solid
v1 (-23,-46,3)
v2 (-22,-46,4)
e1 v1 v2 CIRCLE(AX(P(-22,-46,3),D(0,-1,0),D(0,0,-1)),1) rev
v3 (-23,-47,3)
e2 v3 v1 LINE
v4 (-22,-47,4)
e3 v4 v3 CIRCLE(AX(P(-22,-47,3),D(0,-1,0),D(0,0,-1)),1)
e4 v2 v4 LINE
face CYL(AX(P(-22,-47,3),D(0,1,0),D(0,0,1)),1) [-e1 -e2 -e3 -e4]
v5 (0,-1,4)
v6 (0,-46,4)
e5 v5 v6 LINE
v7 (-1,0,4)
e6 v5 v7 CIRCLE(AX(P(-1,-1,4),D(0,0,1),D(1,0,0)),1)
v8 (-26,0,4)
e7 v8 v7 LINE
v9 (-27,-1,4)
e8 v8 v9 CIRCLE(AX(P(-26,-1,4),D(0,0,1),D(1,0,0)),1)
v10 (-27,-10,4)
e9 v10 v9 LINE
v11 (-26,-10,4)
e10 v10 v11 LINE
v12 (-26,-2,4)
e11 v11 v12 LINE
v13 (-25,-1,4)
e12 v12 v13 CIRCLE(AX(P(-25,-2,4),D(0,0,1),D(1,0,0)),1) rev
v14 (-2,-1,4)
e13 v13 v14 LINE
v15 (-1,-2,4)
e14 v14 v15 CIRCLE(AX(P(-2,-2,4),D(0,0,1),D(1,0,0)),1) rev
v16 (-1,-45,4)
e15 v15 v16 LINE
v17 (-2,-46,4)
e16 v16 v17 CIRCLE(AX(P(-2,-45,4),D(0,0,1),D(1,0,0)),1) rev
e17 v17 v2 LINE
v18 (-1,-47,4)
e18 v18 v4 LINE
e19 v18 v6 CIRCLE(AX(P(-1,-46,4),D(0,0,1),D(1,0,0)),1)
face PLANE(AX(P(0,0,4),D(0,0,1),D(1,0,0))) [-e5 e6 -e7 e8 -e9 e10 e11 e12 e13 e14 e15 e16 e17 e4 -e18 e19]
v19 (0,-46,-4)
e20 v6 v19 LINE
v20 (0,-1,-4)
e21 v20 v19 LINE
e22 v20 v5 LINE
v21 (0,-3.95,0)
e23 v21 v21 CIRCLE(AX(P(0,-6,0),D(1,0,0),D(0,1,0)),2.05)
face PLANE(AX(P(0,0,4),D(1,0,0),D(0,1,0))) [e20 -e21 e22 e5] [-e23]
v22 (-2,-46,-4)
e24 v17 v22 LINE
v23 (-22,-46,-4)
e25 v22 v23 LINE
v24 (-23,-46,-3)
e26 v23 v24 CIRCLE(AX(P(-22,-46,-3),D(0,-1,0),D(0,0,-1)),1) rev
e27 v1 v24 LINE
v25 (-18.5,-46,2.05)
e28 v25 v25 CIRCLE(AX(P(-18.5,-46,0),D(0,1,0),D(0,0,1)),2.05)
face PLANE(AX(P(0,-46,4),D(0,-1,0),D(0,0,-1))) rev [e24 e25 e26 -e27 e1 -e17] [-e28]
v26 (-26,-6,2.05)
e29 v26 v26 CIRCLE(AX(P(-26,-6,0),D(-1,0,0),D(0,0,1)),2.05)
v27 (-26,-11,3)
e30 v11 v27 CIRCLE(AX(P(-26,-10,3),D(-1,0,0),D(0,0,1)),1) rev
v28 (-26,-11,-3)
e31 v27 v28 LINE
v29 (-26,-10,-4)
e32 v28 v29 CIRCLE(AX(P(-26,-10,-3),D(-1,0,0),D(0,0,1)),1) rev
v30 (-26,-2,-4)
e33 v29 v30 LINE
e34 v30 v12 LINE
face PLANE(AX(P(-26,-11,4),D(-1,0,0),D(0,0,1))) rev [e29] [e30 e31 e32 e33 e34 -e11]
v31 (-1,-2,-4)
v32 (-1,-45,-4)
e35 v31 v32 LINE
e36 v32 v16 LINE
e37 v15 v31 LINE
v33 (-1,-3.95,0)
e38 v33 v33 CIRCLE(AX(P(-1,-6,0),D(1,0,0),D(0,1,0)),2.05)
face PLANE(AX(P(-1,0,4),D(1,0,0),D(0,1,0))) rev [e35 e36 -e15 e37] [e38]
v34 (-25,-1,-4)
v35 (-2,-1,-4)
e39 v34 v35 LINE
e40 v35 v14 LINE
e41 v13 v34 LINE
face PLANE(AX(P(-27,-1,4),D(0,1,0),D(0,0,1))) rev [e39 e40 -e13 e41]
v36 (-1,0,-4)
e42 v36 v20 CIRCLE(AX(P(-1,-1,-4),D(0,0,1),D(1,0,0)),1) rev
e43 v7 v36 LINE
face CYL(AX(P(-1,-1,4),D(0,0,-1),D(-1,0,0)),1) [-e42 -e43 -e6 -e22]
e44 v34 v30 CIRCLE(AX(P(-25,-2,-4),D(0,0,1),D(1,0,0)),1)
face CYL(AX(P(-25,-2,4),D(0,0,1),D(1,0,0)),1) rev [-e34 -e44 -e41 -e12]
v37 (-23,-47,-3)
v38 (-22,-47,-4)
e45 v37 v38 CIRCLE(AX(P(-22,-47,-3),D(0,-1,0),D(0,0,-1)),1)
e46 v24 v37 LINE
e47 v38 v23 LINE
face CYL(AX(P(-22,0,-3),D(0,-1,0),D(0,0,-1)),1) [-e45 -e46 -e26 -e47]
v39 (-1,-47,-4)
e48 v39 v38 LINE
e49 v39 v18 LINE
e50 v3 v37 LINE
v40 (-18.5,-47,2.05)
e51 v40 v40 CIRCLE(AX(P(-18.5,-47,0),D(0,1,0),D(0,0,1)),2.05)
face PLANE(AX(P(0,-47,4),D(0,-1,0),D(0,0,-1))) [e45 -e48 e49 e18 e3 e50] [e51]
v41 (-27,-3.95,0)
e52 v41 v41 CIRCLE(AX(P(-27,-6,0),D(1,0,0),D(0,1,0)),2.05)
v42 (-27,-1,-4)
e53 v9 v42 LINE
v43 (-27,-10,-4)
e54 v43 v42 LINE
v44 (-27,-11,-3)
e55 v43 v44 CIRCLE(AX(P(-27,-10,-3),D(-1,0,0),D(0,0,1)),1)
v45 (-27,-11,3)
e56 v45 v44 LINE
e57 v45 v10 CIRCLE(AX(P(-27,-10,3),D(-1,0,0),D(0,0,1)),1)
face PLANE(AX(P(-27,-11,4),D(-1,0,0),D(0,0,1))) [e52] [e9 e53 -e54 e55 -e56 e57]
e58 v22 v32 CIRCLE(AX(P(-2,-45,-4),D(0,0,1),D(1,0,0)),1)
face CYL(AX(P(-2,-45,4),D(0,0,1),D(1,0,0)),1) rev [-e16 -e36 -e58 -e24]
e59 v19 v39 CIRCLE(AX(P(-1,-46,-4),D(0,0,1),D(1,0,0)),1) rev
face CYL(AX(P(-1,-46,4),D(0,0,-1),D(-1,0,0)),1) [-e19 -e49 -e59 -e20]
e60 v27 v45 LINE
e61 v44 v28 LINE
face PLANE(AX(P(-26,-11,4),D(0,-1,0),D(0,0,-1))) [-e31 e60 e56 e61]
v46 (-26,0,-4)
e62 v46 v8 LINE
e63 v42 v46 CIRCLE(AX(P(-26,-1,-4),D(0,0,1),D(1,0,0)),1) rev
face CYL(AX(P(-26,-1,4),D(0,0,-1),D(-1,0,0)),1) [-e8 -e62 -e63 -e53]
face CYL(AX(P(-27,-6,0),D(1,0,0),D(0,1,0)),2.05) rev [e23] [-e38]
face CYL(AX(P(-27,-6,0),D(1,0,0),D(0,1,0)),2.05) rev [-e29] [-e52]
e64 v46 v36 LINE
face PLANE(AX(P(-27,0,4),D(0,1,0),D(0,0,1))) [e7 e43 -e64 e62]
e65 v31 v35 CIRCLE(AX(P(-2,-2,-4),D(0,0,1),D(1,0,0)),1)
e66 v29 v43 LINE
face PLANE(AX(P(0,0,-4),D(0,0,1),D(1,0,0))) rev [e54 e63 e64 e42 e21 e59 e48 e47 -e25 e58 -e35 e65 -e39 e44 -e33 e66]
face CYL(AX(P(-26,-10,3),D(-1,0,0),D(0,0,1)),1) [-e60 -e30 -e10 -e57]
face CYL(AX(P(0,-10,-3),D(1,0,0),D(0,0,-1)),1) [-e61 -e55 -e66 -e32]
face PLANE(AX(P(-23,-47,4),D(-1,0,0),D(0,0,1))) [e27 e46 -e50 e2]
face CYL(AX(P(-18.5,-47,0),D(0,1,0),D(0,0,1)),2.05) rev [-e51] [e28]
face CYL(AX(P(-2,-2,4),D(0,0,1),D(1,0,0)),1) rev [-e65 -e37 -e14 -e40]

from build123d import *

# Parameters (mm, degrees)
EXTRUDE_1_DEPTH     = 4
SKETCH_2_R          = 2.05
CUT_EXTRUDE_1_DEPTH = 55.350712967
SKETCH_3_R          = 2.05
CUT_EXTRUDE_2_DEPTH = 54.488316481
FILLET_1_R          = 1
FILLET_2_R          = 1
FILLET_3_R          = 1


with BuildPart() as part:
    # 草图1 → 拉伸-薄壁1 (new, symmetric)
    with BuildSketch(Plane.XY):
        Polygon((-27, -11), (-27, 0), (0, 0), (0, -47), (-23, -47), (-23, -46), (-1, -46), (-1, -1), (-26, -1), (-26, -11), align=None)
    extrude(amount=EXTRUDE_1_DEPTH, both=True)

    # 草图2 → 切除-拉伸1 (cut, through all)
    with BuildSketch(Plane(origin=(0, 0, 0), x_dir=(0, 0, -1), z_dir=(1, 0, 0))):
        with Locations(Location((0, -6, 0), (0, 0, 90))):
            Circle(SKETCH_2_R)
    extrude(amount=-CUT_EXTRUDE_1_DEPTH, mode=Mode.SUBTRACT)

    # 草图3 → 切除-拉伸2 (cut, through all)
    with BuildSketch(Plane(origin=(0, -46, 0), x_dir=(1, 0, 0), z_dir=(0, 1, 0))):
        with Locations(Location((-18.5, 0, 0), (0, 0, 270))):
            Circle(SKETCH_3_R)
    extrude(amount=-CUT_EXTRUDE_2_DEPTH, mode=Mode.SUBTRACT)

    # 圆角1
    fillet_1_edges = [part.edges().sort_by_distance(p)[0] for p in [
        (-23, -46.5, -4),
        (-26.5, -11, 4),
        (-23, -46.5, 4),
        (-26.5, -11, -4),
    ]]
    fillet(fillet_1_edges, radius=FILLET_1_R)

    # 圆角2
    fillet_2_edges = [part.edges().sort_by_distance(p)[0] for p in [
        (-1, -46, 0),
        (-1, -1, 0),
        (0, 0, 0),
        (0, -47, 0),
    ]]
    fillet(fillet_2_edges, radius=FILLET_2_R)

    # 圆角3
    fillet_3_edges = [part.edges().sort_by_distance(p)[0] for p in [
        (-26, -1, 0),
        (-27, 0, 0),
    ]]
    fillet(fillet_3_edges, radius=FILLET_3_R)


solid = part.part
